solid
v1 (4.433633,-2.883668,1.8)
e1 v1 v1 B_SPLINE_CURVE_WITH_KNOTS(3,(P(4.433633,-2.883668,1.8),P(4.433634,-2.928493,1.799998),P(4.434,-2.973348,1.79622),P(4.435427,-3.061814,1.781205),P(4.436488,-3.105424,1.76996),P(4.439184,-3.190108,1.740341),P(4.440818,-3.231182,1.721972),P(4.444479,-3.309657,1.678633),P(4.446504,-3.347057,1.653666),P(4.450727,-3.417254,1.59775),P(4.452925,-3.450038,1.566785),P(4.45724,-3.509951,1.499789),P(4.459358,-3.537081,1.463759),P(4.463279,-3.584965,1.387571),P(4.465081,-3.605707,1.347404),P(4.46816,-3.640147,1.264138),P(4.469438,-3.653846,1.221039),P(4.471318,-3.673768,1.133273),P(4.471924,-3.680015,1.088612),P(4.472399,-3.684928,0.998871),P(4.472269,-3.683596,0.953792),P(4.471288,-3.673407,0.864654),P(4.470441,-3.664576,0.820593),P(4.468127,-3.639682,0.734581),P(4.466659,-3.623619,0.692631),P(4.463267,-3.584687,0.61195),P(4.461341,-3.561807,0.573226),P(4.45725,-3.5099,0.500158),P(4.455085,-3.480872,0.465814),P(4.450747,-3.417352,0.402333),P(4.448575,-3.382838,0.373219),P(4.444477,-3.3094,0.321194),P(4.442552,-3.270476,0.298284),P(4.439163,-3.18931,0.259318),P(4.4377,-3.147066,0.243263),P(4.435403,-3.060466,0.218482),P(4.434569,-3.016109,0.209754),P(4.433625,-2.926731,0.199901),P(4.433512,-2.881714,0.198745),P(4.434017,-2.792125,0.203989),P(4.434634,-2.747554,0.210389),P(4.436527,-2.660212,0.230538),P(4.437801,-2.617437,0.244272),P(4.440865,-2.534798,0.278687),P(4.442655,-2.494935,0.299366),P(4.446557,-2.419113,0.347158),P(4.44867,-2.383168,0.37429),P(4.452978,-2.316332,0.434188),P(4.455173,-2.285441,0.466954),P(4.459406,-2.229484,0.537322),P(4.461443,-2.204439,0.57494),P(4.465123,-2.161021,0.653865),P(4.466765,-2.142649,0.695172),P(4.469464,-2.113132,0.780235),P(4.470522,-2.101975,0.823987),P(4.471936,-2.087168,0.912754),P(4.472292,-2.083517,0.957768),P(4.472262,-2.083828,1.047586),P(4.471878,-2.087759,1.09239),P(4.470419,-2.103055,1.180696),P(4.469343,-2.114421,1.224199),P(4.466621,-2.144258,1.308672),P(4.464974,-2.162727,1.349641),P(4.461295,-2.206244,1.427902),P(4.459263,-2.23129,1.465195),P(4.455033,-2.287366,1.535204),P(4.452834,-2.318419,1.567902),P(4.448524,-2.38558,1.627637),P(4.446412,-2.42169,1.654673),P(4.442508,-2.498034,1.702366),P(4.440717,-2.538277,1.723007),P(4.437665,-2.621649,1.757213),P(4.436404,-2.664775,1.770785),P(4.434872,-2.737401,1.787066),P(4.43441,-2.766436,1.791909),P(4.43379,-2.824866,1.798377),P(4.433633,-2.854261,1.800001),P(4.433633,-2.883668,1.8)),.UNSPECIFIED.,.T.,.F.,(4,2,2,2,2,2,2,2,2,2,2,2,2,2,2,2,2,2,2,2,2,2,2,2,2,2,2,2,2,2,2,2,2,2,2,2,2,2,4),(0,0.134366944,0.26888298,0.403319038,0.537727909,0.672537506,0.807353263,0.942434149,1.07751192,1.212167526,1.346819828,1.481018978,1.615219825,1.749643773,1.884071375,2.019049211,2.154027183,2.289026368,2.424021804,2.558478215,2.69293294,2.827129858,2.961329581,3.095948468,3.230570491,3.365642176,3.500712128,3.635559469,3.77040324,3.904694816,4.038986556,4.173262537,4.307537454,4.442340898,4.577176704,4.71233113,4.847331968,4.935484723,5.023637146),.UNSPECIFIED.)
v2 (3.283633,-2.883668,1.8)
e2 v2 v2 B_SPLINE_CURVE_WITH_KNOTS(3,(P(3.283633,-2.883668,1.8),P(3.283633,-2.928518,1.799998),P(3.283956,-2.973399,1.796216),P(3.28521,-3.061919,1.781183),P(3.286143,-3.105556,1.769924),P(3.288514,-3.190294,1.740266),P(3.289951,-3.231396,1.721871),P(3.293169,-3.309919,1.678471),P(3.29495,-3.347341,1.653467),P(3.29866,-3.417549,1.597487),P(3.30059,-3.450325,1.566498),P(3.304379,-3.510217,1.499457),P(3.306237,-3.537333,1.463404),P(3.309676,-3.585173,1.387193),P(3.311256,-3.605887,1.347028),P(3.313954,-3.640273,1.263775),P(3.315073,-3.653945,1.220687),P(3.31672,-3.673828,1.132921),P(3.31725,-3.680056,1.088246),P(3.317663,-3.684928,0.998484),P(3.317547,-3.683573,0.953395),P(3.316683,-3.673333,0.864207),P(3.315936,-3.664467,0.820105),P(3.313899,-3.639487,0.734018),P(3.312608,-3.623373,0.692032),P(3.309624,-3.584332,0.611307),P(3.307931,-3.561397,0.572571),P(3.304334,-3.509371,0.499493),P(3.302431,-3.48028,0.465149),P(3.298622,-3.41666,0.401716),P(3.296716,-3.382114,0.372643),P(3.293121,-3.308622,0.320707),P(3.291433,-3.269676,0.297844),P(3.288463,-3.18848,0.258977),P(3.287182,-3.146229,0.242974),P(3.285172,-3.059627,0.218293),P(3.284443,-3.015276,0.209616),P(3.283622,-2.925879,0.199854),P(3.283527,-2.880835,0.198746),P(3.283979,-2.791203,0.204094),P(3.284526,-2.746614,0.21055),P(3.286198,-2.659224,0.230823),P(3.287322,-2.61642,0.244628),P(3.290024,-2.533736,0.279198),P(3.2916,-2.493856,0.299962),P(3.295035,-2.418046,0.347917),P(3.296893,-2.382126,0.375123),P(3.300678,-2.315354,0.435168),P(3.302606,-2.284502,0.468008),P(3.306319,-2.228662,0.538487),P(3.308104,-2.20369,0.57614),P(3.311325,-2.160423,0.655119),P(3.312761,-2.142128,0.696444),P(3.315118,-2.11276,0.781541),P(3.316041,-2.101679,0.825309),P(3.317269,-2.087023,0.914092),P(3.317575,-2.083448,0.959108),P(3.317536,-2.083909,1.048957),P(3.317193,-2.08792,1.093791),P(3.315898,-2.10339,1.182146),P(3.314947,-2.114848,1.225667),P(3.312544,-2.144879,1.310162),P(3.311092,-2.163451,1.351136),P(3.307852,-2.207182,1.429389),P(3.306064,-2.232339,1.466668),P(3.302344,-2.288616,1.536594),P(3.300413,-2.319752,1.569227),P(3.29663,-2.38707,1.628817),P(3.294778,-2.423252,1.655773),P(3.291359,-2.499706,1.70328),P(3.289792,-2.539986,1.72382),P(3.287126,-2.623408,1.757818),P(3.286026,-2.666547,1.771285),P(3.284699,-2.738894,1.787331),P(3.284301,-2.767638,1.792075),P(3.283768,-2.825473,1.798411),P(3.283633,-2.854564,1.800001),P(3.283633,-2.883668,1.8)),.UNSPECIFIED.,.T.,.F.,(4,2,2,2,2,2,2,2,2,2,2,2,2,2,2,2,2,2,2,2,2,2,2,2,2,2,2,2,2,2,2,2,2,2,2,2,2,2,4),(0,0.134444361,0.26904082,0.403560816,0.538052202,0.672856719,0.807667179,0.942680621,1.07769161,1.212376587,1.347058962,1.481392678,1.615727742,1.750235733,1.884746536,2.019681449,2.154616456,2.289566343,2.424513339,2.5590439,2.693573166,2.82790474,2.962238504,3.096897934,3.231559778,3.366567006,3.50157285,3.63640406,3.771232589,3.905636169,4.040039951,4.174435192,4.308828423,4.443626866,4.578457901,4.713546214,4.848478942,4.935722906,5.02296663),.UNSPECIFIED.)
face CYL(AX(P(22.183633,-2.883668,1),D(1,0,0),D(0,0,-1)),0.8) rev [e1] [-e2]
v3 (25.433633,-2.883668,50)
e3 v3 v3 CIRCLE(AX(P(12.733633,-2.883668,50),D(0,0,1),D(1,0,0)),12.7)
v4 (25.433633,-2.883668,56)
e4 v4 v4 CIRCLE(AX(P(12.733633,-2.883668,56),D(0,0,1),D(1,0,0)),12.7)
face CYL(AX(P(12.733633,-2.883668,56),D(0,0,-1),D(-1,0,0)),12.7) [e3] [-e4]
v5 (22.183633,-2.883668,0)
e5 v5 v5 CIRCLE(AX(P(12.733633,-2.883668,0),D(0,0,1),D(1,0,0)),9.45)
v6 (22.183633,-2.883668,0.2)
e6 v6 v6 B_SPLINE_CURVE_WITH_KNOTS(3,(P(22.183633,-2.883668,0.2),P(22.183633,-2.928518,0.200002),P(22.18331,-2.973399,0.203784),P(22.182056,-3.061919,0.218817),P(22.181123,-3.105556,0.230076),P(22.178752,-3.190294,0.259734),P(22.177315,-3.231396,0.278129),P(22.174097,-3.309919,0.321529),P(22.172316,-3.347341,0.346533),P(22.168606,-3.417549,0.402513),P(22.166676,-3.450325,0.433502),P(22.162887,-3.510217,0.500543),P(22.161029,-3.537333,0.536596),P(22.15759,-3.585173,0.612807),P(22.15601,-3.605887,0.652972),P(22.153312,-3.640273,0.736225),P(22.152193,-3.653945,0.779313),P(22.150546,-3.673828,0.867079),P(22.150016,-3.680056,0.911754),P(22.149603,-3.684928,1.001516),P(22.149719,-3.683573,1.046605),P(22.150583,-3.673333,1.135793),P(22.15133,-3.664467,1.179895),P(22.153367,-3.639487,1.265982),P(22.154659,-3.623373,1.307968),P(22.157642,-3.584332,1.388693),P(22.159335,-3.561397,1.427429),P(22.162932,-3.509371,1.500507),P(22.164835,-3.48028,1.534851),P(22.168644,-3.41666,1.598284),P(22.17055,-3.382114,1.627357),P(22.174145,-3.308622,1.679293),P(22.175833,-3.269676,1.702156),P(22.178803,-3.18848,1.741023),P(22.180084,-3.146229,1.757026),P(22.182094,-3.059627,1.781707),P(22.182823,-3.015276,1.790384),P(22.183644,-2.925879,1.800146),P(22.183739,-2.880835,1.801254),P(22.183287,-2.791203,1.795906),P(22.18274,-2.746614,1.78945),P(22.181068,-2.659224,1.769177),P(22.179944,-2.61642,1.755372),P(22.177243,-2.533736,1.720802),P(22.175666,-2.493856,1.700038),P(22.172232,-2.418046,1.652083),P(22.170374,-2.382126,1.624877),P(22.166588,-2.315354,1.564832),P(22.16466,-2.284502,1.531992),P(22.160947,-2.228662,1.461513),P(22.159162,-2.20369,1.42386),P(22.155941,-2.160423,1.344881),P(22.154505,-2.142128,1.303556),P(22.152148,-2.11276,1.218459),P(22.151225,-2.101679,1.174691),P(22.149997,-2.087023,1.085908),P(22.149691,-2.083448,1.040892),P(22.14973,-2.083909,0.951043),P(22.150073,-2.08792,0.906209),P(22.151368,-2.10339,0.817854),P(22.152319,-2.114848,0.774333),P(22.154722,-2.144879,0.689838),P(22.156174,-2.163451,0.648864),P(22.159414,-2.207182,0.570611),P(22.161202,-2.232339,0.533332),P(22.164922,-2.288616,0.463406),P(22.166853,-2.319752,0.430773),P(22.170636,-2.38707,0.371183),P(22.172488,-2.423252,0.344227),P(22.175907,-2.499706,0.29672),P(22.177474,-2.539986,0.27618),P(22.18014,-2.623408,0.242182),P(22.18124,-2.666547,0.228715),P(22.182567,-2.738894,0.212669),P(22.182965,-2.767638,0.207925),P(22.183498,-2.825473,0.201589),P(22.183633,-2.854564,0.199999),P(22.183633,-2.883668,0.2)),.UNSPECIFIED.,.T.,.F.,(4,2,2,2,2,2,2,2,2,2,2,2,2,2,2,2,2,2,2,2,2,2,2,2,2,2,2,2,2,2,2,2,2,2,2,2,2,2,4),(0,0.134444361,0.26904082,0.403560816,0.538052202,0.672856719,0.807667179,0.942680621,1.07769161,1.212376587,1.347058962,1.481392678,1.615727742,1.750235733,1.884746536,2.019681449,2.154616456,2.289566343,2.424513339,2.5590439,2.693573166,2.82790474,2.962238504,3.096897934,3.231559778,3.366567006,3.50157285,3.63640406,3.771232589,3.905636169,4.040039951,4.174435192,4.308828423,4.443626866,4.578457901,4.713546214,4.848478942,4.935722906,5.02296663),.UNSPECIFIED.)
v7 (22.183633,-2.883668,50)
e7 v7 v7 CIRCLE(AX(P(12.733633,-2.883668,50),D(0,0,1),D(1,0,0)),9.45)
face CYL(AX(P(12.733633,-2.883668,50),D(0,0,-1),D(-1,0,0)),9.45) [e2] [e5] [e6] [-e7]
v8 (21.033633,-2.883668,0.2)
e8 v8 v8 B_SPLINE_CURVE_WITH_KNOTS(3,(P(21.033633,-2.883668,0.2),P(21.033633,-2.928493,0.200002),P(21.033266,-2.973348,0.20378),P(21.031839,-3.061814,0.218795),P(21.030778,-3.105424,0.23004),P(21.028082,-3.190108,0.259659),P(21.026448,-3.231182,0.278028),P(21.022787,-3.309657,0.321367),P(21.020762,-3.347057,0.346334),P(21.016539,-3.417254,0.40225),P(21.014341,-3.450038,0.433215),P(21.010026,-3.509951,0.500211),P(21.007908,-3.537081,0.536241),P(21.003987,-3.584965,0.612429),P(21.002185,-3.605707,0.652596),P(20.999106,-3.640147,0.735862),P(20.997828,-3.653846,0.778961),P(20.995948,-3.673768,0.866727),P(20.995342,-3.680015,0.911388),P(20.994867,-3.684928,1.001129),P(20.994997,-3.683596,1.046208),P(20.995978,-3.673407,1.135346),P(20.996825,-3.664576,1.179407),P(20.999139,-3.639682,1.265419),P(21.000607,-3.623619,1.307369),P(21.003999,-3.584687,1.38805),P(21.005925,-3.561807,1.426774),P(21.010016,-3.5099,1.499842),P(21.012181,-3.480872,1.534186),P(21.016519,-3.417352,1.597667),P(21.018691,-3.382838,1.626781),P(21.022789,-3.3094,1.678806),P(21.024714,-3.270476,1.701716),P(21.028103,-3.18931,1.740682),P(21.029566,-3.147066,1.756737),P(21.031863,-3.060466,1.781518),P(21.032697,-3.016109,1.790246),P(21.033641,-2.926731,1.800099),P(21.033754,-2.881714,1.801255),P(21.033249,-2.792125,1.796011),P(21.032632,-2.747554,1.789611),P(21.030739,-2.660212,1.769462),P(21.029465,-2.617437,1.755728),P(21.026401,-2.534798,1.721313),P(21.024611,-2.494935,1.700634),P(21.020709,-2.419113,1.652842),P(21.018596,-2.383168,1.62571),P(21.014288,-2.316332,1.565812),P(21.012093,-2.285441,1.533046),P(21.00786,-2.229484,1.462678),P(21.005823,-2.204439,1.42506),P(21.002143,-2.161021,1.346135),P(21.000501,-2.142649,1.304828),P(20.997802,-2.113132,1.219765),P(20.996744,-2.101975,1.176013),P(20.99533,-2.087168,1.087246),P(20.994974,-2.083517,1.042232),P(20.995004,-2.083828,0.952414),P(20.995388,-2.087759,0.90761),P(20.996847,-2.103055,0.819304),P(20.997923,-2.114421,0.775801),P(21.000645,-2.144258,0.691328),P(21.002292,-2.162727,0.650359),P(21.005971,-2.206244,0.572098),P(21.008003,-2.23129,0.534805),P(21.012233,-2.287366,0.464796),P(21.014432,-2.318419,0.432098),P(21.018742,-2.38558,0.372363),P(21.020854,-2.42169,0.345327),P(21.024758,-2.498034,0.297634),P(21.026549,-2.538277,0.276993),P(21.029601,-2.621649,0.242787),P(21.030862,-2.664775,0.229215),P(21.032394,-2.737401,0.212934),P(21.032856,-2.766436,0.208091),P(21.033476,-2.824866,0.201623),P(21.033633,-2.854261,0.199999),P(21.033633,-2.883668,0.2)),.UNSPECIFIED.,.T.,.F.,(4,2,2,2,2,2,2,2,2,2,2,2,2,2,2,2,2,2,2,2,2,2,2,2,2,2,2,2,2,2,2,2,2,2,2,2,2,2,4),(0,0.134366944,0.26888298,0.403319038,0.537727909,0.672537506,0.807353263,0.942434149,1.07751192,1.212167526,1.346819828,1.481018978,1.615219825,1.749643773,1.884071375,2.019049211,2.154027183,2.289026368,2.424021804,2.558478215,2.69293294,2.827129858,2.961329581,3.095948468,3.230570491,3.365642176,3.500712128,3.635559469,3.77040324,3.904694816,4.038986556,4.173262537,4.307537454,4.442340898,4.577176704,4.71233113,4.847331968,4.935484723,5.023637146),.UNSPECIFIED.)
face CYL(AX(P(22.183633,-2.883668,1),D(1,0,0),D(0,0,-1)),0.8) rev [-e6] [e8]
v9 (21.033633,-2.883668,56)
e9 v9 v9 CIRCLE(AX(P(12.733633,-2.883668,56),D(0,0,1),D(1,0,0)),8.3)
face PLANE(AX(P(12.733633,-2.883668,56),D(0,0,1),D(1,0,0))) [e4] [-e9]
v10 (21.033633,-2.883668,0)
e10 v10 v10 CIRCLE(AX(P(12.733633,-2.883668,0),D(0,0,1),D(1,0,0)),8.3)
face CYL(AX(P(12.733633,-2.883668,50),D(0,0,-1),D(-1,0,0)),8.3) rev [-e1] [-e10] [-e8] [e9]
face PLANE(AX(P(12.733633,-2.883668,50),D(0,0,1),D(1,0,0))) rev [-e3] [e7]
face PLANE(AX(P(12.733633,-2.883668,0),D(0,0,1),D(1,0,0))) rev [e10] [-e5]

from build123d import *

# Parameters (mm, degrees)
SKETCH1_R             = 9.45
SKETCH1_R_2           = 8.3
BOSS_EXTRUDE1_DEPTH   = 50
SKETCH2_R             = 12.7
SKETCH2_R_2           = 8.3
BOSS_EXTRUDE2_DEPTH   = 6
M2X0_4_TAPPED_HOLE1_D = 1.6


with BuildPart() as part:
    # Sketch1 → Boss-Extrude1 (new body)
    with BuildSketch(Plane.XY):
        with Locations((12.733633013, -2.883668241)):
            Circle(SKETCH1_R)
        with Locations((12.733633013, -2.883668241)):
            Circle(SKETCH1_R_2, mode=Mode.SUBTRACT)
    extrude(amount=BOSS_EXTRUDE1_DEPTH)

    # Sketch2 → Boss-Extrude2 (add)
    with BuildSketch(Plane.XY.offset(50)):
        with Locations((12.733633013, -2.883668241)):
            Circle(SKETCH2_R)
        with Locations((12.733633013, -2.883668241)):
            Circle(SKETCH2_R_2, mode=Mode.SUBTRACT)
    extrude(amount=BOSS_EXTRUDE2_DEPTH)

    # M2x0.4 Tapped Hole1 (through all)
    with Locations(Plane(origin=(22.183633013, -2.883668241, 1), x_dir=(0, 1, 0), z_dir=(1, 0, 0))):
        with Locations((0, 0)):
            Hole(M2X0_4_TAPPED_HOLE1_D / 2)


solid = part.part
